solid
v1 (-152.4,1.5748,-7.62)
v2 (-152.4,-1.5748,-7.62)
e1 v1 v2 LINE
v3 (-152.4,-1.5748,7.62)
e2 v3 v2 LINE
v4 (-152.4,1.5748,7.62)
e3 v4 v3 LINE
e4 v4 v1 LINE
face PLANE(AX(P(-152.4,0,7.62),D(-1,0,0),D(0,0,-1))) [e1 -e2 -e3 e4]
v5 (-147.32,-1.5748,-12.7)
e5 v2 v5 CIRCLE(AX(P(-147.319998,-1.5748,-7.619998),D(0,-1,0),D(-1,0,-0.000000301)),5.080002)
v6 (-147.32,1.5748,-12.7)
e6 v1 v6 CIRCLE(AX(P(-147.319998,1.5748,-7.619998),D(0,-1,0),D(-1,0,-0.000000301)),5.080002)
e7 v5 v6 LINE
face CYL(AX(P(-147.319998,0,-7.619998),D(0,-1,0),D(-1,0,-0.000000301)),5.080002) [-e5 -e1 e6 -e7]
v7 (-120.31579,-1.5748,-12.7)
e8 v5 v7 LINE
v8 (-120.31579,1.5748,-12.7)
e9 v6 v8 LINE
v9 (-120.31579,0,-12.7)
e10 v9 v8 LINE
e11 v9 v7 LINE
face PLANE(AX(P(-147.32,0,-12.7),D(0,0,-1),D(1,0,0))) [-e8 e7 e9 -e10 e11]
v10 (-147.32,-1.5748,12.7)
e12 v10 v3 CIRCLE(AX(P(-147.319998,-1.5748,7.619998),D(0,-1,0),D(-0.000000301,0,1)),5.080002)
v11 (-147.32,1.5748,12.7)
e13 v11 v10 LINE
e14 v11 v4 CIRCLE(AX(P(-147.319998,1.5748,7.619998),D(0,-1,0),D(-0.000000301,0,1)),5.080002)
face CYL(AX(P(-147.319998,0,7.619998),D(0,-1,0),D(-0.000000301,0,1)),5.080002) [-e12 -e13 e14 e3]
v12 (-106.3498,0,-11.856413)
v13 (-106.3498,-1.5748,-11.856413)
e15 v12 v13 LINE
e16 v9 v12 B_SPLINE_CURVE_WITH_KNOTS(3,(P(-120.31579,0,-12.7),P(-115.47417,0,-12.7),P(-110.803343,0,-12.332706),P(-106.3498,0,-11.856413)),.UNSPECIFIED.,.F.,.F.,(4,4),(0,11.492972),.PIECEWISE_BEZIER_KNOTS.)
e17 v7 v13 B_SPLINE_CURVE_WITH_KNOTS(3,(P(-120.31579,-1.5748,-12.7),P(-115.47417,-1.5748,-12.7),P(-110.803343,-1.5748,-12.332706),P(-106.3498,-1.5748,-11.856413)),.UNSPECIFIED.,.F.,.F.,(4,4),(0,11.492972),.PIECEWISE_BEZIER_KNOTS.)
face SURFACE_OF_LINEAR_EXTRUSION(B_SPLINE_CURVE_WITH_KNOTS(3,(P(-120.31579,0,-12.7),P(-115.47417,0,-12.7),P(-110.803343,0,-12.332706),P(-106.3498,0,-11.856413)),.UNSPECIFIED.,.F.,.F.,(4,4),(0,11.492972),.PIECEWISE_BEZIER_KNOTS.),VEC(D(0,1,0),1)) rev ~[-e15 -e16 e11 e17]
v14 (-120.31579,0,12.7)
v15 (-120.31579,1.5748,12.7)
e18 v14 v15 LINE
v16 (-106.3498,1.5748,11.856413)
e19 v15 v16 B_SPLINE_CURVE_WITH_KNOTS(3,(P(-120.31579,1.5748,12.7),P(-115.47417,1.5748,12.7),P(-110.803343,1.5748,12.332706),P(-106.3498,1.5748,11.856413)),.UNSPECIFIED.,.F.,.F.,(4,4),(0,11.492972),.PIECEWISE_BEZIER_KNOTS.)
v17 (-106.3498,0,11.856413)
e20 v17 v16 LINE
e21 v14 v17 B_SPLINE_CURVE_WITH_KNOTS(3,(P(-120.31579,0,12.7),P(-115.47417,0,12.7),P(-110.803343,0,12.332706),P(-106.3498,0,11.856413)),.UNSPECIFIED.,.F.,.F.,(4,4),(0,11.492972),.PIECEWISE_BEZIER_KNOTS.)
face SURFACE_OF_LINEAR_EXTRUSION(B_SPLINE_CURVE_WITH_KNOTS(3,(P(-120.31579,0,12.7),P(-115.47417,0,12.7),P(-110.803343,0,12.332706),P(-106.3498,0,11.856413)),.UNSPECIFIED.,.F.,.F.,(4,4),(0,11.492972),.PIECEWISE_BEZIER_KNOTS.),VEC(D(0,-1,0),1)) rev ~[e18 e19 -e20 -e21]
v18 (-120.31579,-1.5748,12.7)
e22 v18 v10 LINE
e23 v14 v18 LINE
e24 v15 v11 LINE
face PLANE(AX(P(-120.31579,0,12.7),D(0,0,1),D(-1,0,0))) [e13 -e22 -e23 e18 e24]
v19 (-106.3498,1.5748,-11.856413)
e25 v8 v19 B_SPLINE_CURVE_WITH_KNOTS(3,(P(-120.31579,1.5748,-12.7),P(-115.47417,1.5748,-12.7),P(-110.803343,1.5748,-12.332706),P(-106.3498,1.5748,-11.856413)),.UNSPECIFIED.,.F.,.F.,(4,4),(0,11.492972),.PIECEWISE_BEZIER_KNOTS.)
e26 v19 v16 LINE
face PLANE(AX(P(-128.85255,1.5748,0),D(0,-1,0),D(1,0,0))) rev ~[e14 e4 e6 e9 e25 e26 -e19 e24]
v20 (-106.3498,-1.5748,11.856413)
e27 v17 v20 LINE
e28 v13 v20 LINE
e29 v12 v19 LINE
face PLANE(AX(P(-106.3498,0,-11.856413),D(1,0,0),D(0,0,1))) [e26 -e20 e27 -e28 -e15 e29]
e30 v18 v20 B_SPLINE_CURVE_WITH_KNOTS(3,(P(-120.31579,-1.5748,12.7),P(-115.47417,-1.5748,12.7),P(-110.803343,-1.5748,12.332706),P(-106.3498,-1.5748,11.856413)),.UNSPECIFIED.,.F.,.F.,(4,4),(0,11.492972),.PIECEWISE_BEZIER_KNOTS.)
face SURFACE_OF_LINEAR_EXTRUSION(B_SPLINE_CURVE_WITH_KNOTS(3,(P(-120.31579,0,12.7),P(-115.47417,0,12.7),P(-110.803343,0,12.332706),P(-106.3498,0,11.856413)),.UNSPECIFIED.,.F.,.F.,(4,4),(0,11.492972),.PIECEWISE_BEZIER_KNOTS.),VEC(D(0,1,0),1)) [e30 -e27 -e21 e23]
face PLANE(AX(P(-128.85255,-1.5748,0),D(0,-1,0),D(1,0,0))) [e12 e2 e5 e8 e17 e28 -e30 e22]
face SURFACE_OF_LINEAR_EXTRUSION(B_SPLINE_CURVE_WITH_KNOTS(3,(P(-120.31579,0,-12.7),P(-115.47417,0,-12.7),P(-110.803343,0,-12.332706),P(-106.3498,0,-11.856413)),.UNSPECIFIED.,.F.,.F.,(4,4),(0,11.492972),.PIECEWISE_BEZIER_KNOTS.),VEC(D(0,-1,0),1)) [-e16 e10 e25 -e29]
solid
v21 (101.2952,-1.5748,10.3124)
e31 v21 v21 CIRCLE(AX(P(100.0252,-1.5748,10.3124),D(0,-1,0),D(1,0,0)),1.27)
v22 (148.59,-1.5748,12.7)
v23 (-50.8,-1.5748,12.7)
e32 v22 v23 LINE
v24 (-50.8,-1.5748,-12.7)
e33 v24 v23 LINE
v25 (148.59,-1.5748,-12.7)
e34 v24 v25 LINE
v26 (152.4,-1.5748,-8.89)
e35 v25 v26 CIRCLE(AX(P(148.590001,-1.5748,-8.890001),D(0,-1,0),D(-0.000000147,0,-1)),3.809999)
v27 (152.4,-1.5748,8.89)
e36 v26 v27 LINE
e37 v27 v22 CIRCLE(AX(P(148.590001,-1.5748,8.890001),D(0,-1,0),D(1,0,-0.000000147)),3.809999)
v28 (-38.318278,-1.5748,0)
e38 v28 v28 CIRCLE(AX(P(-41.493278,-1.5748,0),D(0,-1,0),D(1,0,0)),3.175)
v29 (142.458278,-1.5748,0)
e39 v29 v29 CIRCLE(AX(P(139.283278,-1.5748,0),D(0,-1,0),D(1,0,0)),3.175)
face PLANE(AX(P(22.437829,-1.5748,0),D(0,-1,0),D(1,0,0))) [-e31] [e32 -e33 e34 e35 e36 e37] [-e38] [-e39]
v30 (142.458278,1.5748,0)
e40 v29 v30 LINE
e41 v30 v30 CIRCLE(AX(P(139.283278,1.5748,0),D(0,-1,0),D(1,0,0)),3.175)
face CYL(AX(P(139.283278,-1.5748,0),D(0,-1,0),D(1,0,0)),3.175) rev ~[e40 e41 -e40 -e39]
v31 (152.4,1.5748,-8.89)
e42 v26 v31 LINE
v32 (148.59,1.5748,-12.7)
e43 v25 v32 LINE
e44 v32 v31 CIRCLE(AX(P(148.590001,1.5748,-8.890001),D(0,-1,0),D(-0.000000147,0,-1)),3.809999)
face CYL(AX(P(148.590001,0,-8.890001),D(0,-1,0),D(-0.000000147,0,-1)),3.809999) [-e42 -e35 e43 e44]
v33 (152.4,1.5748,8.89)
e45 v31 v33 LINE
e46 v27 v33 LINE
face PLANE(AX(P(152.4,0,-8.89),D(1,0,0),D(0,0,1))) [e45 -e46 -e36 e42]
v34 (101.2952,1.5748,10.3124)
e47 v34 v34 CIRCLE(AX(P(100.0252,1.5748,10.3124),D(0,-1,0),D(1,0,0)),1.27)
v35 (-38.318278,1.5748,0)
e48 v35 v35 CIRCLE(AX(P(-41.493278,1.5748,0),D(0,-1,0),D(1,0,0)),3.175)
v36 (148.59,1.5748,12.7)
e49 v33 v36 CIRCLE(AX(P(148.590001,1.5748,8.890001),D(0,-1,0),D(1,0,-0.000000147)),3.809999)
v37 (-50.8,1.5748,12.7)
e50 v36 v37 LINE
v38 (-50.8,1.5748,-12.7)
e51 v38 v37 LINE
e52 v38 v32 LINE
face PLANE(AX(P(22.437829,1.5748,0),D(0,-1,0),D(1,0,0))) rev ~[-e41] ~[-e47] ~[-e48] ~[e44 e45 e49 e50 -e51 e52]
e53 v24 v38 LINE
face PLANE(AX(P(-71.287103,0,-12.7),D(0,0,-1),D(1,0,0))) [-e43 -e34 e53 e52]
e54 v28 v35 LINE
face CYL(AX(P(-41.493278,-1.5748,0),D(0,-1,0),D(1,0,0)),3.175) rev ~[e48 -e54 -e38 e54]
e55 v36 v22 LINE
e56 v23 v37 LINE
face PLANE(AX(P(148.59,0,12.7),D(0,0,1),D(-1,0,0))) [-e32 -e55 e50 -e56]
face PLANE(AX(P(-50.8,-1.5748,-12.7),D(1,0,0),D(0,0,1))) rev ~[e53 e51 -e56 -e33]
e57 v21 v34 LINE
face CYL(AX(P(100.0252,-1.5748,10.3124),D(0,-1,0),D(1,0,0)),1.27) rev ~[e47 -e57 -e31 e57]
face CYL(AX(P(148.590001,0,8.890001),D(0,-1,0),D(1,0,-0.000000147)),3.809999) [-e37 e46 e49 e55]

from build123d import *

# Parameters (mm, degrees)
F1_DEPTH = 1.5748
F3_DEPTH = 3.175
F4_R     = 3.175
F4_R_2   = 1.27
F5_DEPTH = 3.175
F6_DEPTH = 1.5748


with BuildPart() as f1:
    # F0 (on Front) → F1 (new body, symmetric)
    with BuildSketch(Plane.XZ):
        with BuildLine():
            ThreePointArc((152.4, 8.89), (151.284077, 11.584077), (148.59, 12.7))
            Line((148.59, 12.7), (-71.287103, 12.7))
            add(Edge.make_bspline(
                [(-106.3498, 11.856413), (-91.804659, 10.300854), (-79.577204, 7.582657), (-71.287103, 12.7)],
                knots=[11.492972, 11.492972, 11.492972, 11.492972, 49.028687, 49.028687, 49.028687, 49.028687], degree=3))
            Line((-106.3498, 11.856413), (-106.3498, -11.856413))
            add(Edge.make_bspline(
                [(-106.3498, -11.856413), (-91.804659, -10.300854), (-79.577204, -7.582657), (-71.287103, -12.7)],
                knots=[11.492972, 11.492972, 11.492972, 11.492972, 49.028687, 49.028687, 49.028687, 49.028687], degree=3))
            Line((-71.287103, -12.7), (148.59, -12.7))
            ThreePointArc((148.59, -12.7), (151.284077, -11.584077), (152.4, -8.89))
            Line((152.4, -8.89), (152.4, 8.89))
        make_face()
    extrude(amount=F1_DEPTH, both=True)

    # F2 (on face) → F3 (cut)
    with BuildSketch(Plane.XZ.offset(1.5748)):
        with BuildLine():
            Line((-50.8, -12.7), (-50.8, 12.7))
            Line((-50.8, 12.7), (-71.287103, 12.7))
            add(Edge.make_bspline(
                [(-106.3498, 11.856413), (-91.804659, 10.300854), (-79.577204, 7.582657), (-71.287103, 12.7)],
                knots=[11.492972, 11.492972, 11.492972, 11.492972, 49.028687, 49.028687, 49.028687, 49.028687], degree=3))
            Line((-106.3498, 11.856413), (-106.3498, -11.856413))
            add(Edge.make_bspline(
                [(-106.3498, -11.856413), (-91.804659, -10.300854), (-79.577204, -7.582657), (-71.287103, -12.7)],
                knots=[11.492972, 11.492972, 11.492972, 11.492972, 49.028687, 49.028687, 49.028687, 49.028687], degree=3))
            Line((-71.287103, -12.7), (-50.8, -12.7))
        make_face()
    extrude(amount=-F3_DEPTH, mode=Mode.SUBTRACT)

    # F4 (on face) → F5 (cut)
    with BuildSketch(Plane.XZ.offset(1.5748)):
        with Locations((-41.493278, 0)):
            Circle(F4_R)
        with Locations((139.283278, 0)):
            Circle(F4_R)
        with Locations((100.0252, 10.3124)):
            Circle(F4_R_2)
    extrude(amount=-F5_DEPTH, mode=Mode.SUBTRACT)


with BuildPart() as f6:
    # F0 (on Front) → F6 (new body, symmetric)
    with BuildSketch(Plane.XZ):
        with BuildLine():
            Line((-106.3498, -11.856413), (-106.3498, 11.856413))
            add(Edge.make_bspline(
                [(-120.31579, 12.7), (-115.47417, 12.7), (-110.803343, 12.332706), (-106.3498, 11.856413)],
                knots=[0, 0, 0, 0, 11.492972, 11.492972, 11.492972, 11.492972], degree=3))
            Line((-120.31579, 12.7), (-147.32, 12.7))
            ThreePointArc((-147.32, 12.7), (-150.912102, 11.212102), (-152.4, 7.62))
            Line((-152.4, 7.62), (-152.4, -7.62))
            ThreePointArc((-152.4, -7.62), (-150.912102, -11.212102), (-147.32, -12.7))
            Line((-147.32, -12.7), (-120.31579, -12.7))
            add(Edge.make_bspline(
                [(-120.31579, -12.7), (-115.47417, -12.7), (-110.803343, -12.332706), (-106.3498, -11.856413)],
                knots=[0, 0, 0, 0, 11.492972, 11.492972, 11.492972, 11.492972], degree=3))
        make_face()
    extrude(amount=F6_DEPTH, both=True)


solid = Compound([f1.part, f6.part])
